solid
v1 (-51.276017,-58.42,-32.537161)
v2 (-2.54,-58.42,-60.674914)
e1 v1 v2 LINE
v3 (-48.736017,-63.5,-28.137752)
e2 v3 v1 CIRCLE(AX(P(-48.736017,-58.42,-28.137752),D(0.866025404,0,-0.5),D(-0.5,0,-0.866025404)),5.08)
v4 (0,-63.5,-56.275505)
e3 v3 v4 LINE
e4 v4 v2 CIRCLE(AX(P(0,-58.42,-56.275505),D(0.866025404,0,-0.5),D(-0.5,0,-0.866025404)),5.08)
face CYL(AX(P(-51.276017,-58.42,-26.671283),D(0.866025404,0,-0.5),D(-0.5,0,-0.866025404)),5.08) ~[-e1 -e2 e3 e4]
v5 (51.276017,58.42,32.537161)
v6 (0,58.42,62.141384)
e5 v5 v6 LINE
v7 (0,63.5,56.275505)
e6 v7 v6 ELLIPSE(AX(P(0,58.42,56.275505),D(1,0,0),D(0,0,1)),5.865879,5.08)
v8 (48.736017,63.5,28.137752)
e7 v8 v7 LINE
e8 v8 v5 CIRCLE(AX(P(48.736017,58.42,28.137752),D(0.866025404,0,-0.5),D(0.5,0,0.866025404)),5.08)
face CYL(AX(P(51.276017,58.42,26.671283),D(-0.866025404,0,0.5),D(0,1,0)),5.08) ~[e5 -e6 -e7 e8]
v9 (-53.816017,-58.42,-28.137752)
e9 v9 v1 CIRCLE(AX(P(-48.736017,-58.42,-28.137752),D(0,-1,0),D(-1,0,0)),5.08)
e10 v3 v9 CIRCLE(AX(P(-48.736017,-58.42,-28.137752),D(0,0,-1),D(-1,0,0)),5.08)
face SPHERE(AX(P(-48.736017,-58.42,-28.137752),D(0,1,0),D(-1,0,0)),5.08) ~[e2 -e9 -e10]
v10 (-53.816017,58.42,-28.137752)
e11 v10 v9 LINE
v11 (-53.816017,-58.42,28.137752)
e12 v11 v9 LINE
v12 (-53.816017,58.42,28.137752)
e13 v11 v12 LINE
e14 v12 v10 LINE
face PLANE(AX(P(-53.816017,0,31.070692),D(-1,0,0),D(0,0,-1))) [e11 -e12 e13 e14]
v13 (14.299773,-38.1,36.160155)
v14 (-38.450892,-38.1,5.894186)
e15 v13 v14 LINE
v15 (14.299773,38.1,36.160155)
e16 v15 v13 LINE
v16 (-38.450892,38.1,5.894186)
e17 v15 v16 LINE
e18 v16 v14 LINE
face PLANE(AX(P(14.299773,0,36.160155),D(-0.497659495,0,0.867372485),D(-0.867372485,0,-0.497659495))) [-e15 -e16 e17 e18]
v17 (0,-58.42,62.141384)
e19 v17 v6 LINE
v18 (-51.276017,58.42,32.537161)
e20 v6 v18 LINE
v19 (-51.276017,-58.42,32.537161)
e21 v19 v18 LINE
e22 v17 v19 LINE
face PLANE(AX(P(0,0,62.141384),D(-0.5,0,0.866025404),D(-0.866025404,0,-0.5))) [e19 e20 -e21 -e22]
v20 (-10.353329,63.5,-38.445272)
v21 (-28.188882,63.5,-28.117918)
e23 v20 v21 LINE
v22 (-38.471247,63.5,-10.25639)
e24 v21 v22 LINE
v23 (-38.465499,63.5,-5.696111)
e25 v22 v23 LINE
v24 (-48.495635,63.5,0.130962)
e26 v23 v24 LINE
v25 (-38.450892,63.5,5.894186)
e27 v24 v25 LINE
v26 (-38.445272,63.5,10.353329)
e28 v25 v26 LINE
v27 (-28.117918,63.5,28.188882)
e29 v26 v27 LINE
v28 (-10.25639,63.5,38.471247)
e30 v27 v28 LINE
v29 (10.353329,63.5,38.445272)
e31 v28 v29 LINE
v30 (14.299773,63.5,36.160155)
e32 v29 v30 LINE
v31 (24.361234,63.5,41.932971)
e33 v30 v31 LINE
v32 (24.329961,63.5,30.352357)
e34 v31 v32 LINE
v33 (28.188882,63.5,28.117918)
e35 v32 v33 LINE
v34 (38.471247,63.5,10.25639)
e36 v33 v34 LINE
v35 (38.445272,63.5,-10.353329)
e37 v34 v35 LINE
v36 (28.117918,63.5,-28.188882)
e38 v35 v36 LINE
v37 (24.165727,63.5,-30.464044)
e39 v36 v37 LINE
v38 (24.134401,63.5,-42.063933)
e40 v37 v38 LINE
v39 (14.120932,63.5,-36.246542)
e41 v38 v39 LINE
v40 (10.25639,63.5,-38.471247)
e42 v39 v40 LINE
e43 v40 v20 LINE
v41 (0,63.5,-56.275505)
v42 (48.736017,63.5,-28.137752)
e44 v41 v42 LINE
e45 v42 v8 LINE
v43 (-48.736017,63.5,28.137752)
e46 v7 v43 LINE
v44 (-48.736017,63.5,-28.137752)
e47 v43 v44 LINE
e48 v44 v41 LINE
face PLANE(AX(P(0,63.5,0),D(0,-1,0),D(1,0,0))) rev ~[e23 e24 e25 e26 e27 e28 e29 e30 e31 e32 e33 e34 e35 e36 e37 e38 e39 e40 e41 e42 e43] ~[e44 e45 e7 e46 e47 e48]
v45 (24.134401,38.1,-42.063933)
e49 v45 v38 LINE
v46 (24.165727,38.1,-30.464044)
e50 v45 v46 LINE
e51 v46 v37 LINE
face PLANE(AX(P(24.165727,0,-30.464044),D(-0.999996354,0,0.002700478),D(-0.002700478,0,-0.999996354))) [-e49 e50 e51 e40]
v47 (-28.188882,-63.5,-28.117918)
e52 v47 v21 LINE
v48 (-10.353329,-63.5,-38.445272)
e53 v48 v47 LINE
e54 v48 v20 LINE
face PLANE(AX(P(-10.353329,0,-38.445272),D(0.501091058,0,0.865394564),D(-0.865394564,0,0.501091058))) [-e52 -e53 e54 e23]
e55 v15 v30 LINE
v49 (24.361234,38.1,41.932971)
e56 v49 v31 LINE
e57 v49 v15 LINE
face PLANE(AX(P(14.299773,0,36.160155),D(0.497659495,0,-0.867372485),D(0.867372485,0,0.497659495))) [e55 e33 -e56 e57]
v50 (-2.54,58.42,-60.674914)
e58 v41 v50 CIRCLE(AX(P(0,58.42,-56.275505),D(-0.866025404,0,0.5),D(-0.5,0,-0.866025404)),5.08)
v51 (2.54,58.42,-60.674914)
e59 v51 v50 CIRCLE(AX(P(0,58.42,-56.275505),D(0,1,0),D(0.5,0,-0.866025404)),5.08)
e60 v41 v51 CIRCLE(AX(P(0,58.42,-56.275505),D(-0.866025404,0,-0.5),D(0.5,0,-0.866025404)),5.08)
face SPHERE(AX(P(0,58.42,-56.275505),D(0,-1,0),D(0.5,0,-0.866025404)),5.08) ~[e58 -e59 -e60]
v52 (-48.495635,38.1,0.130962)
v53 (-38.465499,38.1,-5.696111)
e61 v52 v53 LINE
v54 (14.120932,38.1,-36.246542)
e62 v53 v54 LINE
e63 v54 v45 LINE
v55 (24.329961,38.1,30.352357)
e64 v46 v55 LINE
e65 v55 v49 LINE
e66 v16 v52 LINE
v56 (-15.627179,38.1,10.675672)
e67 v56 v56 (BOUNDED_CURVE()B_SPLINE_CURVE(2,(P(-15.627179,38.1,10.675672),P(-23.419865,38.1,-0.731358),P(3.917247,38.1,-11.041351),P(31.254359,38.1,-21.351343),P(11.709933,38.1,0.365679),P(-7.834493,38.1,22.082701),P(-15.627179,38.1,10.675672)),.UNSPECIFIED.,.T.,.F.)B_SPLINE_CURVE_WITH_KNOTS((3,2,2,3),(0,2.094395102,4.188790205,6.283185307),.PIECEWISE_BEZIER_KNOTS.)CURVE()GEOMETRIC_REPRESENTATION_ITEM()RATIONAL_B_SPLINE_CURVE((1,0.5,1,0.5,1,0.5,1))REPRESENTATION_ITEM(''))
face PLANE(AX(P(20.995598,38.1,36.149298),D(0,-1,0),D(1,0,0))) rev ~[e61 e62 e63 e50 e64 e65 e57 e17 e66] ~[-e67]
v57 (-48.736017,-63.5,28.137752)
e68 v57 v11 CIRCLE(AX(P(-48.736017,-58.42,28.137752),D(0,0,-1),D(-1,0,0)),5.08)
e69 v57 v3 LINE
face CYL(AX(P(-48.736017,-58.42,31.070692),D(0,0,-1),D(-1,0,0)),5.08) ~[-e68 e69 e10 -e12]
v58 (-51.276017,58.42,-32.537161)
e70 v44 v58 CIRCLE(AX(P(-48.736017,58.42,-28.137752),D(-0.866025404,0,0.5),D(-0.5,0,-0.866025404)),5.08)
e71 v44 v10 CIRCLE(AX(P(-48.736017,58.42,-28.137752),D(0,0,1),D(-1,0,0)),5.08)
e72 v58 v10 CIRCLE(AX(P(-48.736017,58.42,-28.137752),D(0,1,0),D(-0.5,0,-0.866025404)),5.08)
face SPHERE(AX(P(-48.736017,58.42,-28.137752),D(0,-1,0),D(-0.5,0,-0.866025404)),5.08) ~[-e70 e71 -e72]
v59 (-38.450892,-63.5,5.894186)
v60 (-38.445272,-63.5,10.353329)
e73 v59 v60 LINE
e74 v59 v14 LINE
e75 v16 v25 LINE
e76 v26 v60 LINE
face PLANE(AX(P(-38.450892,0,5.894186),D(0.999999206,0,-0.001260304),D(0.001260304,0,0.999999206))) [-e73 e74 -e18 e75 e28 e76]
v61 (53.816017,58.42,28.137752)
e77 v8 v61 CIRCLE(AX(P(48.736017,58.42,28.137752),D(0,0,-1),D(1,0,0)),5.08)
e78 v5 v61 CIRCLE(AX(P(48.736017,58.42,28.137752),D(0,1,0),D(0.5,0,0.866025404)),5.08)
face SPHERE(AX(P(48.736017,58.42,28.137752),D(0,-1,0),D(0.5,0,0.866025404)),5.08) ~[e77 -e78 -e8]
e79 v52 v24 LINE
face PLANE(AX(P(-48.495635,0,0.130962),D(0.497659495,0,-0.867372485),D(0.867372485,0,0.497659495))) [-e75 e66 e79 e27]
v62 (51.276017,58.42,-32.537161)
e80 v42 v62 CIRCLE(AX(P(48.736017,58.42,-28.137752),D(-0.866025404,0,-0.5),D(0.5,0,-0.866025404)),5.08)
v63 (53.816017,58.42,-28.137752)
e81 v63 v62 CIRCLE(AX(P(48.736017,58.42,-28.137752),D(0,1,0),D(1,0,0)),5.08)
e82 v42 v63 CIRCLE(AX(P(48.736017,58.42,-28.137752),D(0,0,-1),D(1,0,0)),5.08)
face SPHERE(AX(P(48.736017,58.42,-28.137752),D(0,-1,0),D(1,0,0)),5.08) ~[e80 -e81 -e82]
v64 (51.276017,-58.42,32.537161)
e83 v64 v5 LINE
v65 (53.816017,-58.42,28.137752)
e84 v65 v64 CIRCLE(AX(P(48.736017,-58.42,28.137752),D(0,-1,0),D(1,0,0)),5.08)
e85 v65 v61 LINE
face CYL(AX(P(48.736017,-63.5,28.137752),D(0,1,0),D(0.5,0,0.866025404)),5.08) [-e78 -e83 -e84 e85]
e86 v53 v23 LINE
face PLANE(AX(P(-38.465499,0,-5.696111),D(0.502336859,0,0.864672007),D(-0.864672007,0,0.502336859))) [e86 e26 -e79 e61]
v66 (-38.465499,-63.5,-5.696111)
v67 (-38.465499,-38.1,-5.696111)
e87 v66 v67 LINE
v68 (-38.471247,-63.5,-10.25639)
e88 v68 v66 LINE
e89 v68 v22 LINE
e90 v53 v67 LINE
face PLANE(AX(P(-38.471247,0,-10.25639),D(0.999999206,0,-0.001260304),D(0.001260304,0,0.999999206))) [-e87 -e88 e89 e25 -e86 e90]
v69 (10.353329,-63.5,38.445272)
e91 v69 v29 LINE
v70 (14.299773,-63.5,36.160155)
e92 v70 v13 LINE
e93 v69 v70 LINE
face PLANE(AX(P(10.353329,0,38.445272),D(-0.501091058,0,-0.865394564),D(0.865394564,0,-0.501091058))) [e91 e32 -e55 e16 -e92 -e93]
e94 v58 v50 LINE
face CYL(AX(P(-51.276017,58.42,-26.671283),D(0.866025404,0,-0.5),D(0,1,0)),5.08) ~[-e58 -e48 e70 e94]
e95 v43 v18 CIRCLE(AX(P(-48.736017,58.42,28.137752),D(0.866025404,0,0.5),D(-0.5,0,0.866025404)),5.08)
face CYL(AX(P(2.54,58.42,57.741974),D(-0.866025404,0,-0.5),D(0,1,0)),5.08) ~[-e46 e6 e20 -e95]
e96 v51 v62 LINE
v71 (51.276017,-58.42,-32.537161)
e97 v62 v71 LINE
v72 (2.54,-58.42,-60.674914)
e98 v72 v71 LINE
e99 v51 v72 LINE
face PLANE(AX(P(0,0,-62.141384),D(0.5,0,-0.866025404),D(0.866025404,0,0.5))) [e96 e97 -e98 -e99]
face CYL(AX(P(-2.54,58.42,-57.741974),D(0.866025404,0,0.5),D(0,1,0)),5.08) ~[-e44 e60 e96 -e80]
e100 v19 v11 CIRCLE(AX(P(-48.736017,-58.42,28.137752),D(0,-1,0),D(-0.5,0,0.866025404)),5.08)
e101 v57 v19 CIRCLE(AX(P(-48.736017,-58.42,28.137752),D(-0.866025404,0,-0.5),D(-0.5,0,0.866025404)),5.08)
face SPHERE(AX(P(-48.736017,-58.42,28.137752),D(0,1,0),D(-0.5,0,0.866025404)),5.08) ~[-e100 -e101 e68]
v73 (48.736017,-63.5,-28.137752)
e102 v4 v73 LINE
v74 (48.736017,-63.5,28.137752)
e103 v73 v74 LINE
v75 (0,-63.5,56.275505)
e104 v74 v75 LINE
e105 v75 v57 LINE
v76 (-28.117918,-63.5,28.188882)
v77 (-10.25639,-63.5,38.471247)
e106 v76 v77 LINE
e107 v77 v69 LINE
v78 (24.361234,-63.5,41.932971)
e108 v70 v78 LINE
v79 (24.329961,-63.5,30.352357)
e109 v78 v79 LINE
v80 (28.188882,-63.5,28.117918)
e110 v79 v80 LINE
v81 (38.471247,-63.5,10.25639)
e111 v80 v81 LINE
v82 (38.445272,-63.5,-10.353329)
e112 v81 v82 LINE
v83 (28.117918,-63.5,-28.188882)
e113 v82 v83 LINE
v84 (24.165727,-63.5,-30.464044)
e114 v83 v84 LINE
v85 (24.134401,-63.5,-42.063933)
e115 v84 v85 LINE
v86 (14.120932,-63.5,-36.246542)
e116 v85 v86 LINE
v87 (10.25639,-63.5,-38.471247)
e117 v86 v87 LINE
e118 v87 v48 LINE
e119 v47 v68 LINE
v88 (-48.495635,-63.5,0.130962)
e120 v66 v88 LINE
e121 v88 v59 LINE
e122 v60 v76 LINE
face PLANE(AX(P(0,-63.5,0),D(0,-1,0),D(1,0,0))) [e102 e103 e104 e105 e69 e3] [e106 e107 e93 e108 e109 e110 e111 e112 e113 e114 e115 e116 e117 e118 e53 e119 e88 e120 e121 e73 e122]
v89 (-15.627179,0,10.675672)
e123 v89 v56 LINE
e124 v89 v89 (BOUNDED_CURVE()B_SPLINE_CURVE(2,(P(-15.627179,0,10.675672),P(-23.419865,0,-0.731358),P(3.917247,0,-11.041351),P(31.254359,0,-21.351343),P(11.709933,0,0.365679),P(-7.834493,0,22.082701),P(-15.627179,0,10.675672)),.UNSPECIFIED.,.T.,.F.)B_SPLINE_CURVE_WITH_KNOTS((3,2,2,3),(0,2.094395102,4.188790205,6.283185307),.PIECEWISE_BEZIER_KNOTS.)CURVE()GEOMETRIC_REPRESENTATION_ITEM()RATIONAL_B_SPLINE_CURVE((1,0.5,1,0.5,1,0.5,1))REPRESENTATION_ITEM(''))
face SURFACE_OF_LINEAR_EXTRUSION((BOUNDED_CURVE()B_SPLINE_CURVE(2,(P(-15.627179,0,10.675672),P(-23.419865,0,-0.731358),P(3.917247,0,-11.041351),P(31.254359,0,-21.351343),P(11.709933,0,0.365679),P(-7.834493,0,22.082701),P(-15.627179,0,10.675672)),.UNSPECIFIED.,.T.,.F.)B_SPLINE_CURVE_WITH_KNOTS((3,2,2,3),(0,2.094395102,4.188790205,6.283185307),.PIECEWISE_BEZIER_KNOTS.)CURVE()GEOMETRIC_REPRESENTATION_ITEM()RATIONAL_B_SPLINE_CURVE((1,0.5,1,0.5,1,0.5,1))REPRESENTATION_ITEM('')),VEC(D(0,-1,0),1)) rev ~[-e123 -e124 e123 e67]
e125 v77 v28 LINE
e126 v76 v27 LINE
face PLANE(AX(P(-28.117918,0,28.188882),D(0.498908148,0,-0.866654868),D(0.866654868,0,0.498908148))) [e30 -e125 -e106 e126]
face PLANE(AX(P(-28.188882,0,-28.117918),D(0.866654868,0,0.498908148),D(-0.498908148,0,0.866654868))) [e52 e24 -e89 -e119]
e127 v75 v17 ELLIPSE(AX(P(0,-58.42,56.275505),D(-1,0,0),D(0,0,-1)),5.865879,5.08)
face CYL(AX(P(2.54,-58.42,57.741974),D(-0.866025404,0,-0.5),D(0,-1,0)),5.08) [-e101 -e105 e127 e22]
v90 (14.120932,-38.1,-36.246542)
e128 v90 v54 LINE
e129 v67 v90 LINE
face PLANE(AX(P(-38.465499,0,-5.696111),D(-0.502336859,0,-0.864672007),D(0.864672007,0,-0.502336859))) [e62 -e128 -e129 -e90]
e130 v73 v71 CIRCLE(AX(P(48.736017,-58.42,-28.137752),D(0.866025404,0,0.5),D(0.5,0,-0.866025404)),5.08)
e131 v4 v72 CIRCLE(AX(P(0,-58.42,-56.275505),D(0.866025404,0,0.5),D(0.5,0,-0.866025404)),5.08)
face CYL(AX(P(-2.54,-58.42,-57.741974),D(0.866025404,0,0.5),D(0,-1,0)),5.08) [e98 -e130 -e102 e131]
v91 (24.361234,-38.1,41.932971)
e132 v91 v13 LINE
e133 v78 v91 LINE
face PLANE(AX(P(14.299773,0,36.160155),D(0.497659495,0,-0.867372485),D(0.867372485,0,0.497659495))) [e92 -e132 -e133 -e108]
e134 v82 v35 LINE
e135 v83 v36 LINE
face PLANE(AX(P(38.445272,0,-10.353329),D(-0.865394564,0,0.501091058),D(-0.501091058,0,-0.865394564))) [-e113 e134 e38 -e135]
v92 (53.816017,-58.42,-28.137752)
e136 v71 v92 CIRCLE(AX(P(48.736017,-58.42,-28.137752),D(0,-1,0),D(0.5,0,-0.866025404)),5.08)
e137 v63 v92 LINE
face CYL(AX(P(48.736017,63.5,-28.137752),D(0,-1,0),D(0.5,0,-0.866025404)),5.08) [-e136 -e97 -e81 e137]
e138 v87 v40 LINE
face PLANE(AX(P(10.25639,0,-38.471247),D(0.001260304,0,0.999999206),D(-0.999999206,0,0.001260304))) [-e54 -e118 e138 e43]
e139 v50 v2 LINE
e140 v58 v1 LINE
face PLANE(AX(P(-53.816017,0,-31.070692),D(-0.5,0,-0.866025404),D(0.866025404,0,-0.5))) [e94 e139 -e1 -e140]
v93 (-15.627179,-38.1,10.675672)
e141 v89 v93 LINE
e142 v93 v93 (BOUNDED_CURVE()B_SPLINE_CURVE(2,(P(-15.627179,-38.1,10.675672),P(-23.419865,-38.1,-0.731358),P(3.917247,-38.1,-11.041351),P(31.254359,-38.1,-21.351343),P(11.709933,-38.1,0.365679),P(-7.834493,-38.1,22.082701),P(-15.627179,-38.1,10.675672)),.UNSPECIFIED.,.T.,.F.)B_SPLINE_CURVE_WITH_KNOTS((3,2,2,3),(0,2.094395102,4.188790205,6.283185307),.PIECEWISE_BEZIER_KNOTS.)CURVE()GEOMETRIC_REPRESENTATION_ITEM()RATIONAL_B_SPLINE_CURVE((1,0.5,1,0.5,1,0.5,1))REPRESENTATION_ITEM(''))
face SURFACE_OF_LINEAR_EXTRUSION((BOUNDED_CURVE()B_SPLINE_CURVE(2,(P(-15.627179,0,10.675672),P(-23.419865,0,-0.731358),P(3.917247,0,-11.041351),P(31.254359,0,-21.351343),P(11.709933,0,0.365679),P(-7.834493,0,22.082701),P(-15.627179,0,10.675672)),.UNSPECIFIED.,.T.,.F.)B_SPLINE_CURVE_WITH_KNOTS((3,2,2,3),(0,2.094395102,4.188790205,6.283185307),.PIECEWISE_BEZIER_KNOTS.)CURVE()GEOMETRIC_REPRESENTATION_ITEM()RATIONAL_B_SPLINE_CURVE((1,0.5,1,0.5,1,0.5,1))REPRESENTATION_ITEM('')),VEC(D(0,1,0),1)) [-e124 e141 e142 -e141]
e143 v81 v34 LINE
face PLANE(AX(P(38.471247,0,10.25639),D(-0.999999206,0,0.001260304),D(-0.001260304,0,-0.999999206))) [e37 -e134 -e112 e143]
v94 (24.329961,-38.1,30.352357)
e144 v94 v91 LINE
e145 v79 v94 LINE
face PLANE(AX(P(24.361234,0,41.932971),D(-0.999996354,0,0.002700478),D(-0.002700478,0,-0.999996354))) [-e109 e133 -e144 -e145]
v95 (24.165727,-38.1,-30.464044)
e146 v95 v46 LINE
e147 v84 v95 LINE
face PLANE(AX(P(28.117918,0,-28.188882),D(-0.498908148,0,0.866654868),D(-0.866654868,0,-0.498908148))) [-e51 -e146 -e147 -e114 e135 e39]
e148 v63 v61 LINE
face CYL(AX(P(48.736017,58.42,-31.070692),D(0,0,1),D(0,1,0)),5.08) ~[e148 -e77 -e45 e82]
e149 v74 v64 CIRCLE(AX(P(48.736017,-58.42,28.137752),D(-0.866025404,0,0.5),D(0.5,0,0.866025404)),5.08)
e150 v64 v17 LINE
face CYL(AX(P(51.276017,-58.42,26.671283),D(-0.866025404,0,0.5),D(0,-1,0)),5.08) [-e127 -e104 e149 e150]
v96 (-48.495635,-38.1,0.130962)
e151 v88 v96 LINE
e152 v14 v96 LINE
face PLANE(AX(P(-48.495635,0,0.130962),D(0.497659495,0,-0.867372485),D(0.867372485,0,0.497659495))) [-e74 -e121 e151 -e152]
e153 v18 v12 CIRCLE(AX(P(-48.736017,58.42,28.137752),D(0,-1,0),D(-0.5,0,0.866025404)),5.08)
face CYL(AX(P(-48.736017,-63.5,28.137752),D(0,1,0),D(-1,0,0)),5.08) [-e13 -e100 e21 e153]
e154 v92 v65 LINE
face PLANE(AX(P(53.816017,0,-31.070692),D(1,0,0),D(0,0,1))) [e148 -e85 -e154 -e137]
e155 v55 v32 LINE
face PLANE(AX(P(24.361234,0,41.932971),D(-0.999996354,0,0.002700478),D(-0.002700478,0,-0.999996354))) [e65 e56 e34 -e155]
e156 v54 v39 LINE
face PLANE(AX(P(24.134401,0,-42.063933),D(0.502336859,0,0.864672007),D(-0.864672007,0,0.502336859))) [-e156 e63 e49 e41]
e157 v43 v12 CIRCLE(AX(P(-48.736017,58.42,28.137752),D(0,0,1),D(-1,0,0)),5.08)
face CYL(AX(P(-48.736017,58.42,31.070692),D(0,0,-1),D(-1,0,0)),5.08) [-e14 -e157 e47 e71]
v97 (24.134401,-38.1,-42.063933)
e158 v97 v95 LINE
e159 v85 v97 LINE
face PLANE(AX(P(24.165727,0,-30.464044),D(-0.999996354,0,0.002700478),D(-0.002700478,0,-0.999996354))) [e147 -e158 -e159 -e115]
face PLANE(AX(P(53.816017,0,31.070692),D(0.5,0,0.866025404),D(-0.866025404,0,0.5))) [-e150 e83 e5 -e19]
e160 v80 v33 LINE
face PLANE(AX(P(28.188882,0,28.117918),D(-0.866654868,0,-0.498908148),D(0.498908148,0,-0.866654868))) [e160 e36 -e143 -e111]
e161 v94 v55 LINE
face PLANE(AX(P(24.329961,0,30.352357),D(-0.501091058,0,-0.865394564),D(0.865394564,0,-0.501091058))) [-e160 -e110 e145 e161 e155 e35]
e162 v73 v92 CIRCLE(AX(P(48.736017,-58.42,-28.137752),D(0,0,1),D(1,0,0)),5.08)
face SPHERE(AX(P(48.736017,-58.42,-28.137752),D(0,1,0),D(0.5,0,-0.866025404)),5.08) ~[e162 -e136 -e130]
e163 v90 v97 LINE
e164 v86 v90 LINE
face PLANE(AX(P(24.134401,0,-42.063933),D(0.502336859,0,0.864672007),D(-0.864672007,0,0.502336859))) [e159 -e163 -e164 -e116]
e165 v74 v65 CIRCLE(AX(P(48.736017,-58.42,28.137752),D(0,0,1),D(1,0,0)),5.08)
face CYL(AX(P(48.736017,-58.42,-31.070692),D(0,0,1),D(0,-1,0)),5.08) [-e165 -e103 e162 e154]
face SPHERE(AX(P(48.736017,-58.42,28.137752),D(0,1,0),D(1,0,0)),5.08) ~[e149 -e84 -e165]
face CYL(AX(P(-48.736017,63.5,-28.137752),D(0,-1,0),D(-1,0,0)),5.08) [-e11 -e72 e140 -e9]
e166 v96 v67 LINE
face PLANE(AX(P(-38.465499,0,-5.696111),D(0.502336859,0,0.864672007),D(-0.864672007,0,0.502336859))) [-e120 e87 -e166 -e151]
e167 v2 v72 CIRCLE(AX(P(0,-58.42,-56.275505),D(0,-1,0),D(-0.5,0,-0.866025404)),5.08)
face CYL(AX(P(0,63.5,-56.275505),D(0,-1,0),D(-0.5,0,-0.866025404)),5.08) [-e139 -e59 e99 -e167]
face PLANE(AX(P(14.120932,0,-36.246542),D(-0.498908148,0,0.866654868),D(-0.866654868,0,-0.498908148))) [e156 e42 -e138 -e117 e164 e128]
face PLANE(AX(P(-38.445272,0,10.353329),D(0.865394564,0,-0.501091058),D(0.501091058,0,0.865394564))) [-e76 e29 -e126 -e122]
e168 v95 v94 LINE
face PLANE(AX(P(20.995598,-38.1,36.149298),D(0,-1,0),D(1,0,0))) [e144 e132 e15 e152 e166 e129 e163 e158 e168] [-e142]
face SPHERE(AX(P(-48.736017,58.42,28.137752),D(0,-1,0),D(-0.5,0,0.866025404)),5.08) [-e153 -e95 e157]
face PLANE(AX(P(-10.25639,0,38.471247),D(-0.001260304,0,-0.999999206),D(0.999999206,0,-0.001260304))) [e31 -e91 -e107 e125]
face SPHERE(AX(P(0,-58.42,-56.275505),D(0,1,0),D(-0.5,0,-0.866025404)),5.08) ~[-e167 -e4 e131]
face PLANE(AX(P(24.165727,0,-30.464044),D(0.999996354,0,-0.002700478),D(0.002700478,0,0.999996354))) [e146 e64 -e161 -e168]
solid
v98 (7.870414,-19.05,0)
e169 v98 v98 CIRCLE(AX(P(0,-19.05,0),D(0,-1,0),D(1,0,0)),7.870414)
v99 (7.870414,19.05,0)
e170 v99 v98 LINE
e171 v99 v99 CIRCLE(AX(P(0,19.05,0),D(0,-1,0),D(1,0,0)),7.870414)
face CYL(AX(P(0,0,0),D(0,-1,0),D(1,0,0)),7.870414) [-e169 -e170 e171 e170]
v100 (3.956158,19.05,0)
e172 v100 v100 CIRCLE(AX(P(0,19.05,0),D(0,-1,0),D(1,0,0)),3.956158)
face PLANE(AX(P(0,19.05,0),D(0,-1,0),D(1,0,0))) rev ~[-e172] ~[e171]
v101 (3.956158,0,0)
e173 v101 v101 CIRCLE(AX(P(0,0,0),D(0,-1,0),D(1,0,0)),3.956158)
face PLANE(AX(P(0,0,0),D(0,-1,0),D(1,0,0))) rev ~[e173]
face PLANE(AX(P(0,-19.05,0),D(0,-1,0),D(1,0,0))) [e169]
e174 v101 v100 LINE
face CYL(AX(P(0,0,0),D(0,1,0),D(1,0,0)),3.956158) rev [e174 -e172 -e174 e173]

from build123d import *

# Parameters (mm, degrees)
F1_DEPTH = 63.5
F2_DEPTH = 38.1
F0_R     = 7.8704137821
F0_R_2   = 3.9561577287
F3_DEPTH = 19.05
F4_DEPTH = 19.05
F5_R     = 5.08


with BuildPart() as f1:
    # F0 (on Front) → F1 (new body, symmetric)
    with BuildSketch(Plane.XZ):
        Polygon((-53.8160167634, 31.0706917651), (-53.8160167634, -31.0706917651), (0, -62.1413835302), (53.8160167634, -31.0706917651), (53.8160167634, 31.0706917651), (0, 62.1413835302), align=None)
        Polygon((-38.4452722254, 10.3533287005), (-28.1179180524, 28.188881781), (-10.2563904444, 38.4712467528), (10.3533287005, 38.4452722254), (14.2997728233, 36.16015519), (24.3612338289, 41.932971005), (24.3299605233, 30.352356557), (28.188881781, 28.1179180524), (38.4712467528, 10.2563904444), (38.4452722254, -10.3533287005), (28.1179180524, -28.188881781), (24.1657265876, -30.4640441283), (24.134401232, -42.0639328659), (14.1209315815, -36.2465421647), (10.2563904444, -38.4712467528), (-10.3533287005, -38.4452722254), (-28.188881781, -28.1179180524), (-38.4712467528, -10.2563904444), (-38.4654994109, -5.6961110617), (-48.4956350609, 0.1309618609), (-38.4508921047, 5.8941856077), align=None, mode=Mode.SUBTRACT)
    extrude(amount=F1_DEPTH, both=True)

    # F0 (on Front) → F2 (join, symmetric)
    with BuildSketch(Plane.XZ):
        Polygon((24.3612338289, 41.932971005), (14.2997728233, 36.16015519), (24.3299605233, 30.352356557), align=None)
        Polygon((-38.4654994109, -5.6961110617), (-38.4508921047, 5.8941856077), (-48.4956350609, 0.1309618609), align=None)
        Polygon((24.1657265876, -30.4640441283), (14.1209315815, -36.2465421647), (24.134401232, -42.0639328659), align=None)
        Polygon((14.2997728233, 36.16015519), (-38.4508921047, 5.8941856077), (-38.4654994109, -5.6961110617), (14.1209315815, -36.2465421647), (24.1657265876, -30.4640441283), (24.3299605233, 30.352356557), align=None)
        with BuildLine():
            add(Edge.make_bspline(
                [(-15.6271792948, 10.6756715104), (-23.4198652546, -0.7313580674), (3.9172466675, -11.0413505441), (31.2543585896, -21.3513430208), (11.7099326273, 0.3656790337), (-7.834493335, 22.0827010882), (-15.6271792948, 10.6756715104)],
                knots=[0, 0, 0, 2.0943951024, 2.0943951024, 4.1887902048, 4.1887902048, 6.2831853072, 6.2831853072, 6.2831853072], degree=2, weights=[1, 0.5, 1, 0.5, 1, 0.5, 1]))
        make_face(mode=Mode.SUBTRACT)
    extrude(amount=F2_DEPTH, both=True)

    # F5
    f5_edges = [f1.edges().sort_by_distance(p)[0] for p in [
        (53.816017, 0, 31.070692),
        (53.816017, 0, -31.070692),
        (0, 0, -62.141384),
        (-53.816017, 0, -31.070692),
        (-53.816017, 0, 31.070692),
        (-26.908008, -63.5, 46.606038),
        (-53.816017, -63.5, 0),
        (-26.908008, -63.5, -46.606038),
        (26.908008, -63.5, -46.606038),
        (53.816017, -63.5, 0),
        (26.908008, -63.5, 46.606038),
        (26.908008, 63.5, 46.606038),
        (-26.908008, 63.5, 46.606038),
        (53.816017, 63.5, 0),
        (26.908008, 63.5, -46.606038),
        (-26.908008, 63.5, -46.606038),
        (-53.816017, 63.5, 0),
    ]]
    fillet(f5_edges, radius=F5_R)


with BuildPart() as f3:
    # F0 (on Front) → F3 (new body, symmetric)
    with BuildSketch(Plane.XZ):
        Circle(F0_R)
        Circle(F0_R_2, mode=Mode.SUBTRACT)
    extrude(amount=F3_DEPTH, both=True)

    # F0 (on Front) → F4 (join)
    with BuildSketch(Plane.XZ):
        Circle(F0_R_2)
    extrude(amount=F4_DEPTH)


solid = Compound([f1.part, f3.part])
